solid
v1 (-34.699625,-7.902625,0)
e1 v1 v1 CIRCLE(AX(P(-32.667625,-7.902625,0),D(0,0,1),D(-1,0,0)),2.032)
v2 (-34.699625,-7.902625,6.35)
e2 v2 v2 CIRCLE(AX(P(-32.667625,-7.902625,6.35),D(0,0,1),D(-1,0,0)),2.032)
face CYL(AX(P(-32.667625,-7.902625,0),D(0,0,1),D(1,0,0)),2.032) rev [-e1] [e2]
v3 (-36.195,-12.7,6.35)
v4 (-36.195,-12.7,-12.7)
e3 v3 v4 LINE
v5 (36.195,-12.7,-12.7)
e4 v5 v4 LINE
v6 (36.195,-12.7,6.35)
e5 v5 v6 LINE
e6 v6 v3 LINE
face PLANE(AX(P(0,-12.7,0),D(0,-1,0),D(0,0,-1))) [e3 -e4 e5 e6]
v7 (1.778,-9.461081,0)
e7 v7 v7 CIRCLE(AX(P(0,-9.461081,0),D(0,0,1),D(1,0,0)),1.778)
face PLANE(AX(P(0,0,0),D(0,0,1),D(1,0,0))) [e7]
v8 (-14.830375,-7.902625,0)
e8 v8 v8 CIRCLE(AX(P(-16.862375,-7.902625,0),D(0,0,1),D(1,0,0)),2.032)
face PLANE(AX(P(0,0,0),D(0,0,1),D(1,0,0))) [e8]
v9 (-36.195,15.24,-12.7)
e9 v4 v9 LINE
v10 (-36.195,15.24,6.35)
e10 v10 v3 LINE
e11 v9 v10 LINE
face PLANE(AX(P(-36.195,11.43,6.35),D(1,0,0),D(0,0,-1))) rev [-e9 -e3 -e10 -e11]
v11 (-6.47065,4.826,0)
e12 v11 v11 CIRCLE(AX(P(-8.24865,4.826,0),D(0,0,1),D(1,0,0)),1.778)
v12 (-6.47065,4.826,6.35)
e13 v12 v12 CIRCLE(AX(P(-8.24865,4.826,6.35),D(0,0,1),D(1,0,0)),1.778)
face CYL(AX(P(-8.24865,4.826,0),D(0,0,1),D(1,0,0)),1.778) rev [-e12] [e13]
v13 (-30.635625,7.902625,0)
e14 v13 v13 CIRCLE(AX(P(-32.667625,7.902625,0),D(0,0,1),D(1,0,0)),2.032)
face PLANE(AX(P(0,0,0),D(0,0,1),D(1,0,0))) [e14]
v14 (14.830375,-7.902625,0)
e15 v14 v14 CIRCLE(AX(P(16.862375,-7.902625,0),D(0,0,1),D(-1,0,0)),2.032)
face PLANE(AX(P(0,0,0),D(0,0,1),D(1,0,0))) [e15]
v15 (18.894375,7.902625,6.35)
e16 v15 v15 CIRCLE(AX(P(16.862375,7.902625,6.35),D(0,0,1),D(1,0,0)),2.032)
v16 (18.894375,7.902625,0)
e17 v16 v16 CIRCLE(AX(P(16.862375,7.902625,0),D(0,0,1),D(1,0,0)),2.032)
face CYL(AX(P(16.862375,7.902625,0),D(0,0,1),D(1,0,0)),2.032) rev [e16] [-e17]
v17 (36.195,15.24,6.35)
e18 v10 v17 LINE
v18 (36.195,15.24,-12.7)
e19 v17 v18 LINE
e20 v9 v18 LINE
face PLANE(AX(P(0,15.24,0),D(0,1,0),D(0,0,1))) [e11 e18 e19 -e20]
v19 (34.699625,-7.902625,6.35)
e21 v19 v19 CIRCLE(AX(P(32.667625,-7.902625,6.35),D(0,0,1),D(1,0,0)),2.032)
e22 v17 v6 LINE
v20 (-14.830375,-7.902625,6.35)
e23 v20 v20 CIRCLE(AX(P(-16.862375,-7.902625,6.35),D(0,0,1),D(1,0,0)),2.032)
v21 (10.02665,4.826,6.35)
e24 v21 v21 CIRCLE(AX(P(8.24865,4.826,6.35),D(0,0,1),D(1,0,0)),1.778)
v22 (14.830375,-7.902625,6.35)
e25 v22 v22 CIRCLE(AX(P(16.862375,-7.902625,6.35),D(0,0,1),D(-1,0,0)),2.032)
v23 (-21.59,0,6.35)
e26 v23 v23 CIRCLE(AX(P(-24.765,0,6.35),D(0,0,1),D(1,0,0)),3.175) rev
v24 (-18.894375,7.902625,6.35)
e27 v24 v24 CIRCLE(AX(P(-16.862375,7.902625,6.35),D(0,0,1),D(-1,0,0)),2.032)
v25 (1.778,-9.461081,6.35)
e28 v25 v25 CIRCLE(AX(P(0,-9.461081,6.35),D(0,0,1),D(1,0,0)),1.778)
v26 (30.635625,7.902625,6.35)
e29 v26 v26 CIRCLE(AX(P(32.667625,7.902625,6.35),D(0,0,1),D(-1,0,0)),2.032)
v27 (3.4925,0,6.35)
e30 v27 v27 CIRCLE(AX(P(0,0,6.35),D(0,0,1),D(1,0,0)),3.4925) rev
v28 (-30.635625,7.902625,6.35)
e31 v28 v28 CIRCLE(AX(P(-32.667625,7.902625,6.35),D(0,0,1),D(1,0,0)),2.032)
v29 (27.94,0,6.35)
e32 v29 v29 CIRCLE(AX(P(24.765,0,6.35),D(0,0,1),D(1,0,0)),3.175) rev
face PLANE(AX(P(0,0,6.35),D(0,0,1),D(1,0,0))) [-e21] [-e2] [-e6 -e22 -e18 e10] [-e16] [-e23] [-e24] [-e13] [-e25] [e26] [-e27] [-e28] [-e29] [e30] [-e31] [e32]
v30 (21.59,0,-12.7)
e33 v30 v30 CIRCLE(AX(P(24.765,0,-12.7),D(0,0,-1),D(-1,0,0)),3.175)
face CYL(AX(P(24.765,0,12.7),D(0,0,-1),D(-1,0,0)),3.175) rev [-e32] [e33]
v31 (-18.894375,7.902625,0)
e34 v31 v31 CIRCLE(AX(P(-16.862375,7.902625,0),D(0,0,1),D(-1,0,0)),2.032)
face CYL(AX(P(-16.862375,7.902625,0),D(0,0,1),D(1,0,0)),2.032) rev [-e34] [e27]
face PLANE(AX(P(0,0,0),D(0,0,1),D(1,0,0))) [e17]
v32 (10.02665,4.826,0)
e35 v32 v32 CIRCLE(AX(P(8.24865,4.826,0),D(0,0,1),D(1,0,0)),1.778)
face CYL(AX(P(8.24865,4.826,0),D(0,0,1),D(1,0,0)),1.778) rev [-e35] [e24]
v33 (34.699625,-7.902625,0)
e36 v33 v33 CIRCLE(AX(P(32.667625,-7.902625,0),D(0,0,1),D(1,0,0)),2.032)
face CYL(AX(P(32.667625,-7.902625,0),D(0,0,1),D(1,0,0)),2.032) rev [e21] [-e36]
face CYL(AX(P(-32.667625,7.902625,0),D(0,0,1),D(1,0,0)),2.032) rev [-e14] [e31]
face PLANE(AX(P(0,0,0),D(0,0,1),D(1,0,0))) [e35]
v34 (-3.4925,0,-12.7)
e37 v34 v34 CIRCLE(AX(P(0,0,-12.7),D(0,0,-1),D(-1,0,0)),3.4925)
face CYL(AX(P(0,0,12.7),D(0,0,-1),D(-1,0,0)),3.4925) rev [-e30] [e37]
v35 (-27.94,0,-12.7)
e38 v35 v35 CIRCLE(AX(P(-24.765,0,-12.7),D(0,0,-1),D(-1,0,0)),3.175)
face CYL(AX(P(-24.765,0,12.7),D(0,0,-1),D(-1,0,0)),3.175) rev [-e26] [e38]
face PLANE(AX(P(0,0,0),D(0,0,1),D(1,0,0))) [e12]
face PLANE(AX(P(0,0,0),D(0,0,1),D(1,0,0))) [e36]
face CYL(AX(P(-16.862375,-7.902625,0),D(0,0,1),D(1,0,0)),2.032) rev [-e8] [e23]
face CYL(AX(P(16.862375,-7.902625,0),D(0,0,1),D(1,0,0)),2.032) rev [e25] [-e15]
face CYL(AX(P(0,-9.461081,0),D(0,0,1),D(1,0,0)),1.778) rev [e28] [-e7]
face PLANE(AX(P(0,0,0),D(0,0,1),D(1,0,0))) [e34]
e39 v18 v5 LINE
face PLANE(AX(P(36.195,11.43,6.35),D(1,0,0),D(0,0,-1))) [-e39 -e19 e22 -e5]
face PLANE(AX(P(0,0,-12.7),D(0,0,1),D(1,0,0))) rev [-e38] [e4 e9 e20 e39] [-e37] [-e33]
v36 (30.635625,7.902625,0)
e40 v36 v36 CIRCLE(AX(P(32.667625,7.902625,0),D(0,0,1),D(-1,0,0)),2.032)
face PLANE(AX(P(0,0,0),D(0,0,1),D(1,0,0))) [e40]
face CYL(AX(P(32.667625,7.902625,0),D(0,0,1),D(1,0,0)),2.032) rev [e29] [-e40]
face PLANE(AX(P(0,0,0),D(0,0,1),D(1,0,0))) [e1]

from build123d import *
from build123d.topology import SkipClean

# Parameters (mm, degrees)
SKETCH1_W           = 72.39
SKETCH1_H           = 22.86
BOSS_EXTRUDE1_DEPTH = 6.35
SKETCH1_3_R         = 3.4925
SKETCH1_3_R_2       = 3.175
CUT_EXTRUDE3_DEPTH  = 12.7
SKETCH2_R           = 2.032
CUT_EXTRUDE4_DEPTH  = 39.484352989
SKETCH3_R           = 1.778
CUT_EXTRUDE5_DEPTH  = 39.484352989
SKETCH4_W           = 72.39
SKETCH4_H           = 6.35
BOSS_EXTRUDE2_DEPTH = 1.27
SKETCH5_W           = 72.39
SKETCH5_H           = 6.35
BOSS_EXTRUDE3_DEPTH = 3.81
BOSS_EXTRUDE4_START = 12.7
SKETCH7_W           = 72.39
SKETCH7_H           = 27.94
SKETCH7_R           = 3.175
SKETCH7_R_2         = 3.4925
BOSS_EXTRUDE4_DEPTH = 12.7


with BuildPart() as part:
    # Sketch1 → Boss-Extrude1 (new body)
    with BuildSketch(Plane.XY):
        Rectangle(SKETCH1_W, SKETCH1_H)
    extrude(amount=BOSS_EXTRUDE1_DEPTH)

    # Sketch1<3> → Cut-Extrude3 (cut)
    with BuildSketch(Plane.XY):
        Circle(SKETCH1_3_R)
        with Locations((-24.765, 0)):
            Circle(SKETCH1_3_R_2)
        with Locations((24.765, 0)):
            Circle(SKETCH1_3_R_2)
    extrude(amount=CUT_EXTRUDE3_DEPTH, mode=Mode.SUBTRACT)

    # Sketch2 → Cut-Extrude4 (cut, through all)
    with BuildSketch(Plane.XY.offset(6.35)):
        with Locations((32.667625387, -7.902625387)):
            Circle(SKETCH2_R)
        with Locations((32.667625387, 7.902625387)):
            Circle(SKETCH2_R)
        with Locations((16.862374613, 7.902625387)):
            Circle(SKETCH2_R)
        with Locations((16.862374613, -7.902625387)):
            Circle(SKETCH2_R)
        with Locations((-16.862374613, 7.902625387)):
            Circle(SKETCH2_R)
        with Locations((-32.667625387, 7.902625387)):
            Circle(SKETCH2_R)
        with Locations((-16.862374613, -7.902625387)):
            Circle(SKETCH2_R)
        with Locations((-32.667625387, -7.902625387)):
            Circle(SKETCH2_R)
    extrude(amount=-CUT_EXTRUDE4_DEPTH, mode=Mode.SUBTRACT)

    # Sketch3 → Cut-Extrude5 (cut, through all)
    with BuildSketch(Plane.XY.offset(6.35)):
        with Locations((8.24865, 4.826)):
            Circle(SKETCH3_R)
        with Locations((-8.24865, 4.826)):
            Circle(SKETCH3_R)
        with Locations((0, -9.461080894)):
            Circle(SKETCH3_R)
    extrude(amount=-CUT_EXTRUDE5_DEPTH, mode=Mode.SUBTRACT)

    # Sketch4 → Boss-Extrude2 (add)
    with BuildSketch(Plane.XZ.offset(11.43)):
        with Locations((0, 3.175)):
            Rectangle(SKETCH4_W, SKETCH4_H)
    extrude(amount=BOSS_EXTRUDE2_DEPTH)

    # Sketch5 → Boss-Extrude3 (add)
    with BuildSketch(Plane(origin=(0, 11.43, 0), x_dir=(1, 0, 0), z_dir=(0, 1, 0))):
        with Locations((0, -3.175)):
            Rectangle(SKETCH5_W, SKETCH5_H)
    extrude(amount=BOSS_EXTRUDE3_DEPTH)

    # Sketch7 → Boss-Extrude4 (add)
    with SkipClean():  # the faces are left unmerged after this step: merging them gives an invalid solid
        with BuildSketch(Plane(origin=(0, 0, 0), x_dir=(-1, 0, 0), z_dir=(0, 0, -1)).offset(BOSS_EXTRUDE4_START)):
            with Locations((0, 1.27)):
                Rectangle(SKETCH7_W, SKETCH7_H)
            with Locations((-24.765, 0)):
                Circle(SKETCH7_R, mode=Mode.SUBTRACT)
            Circle(SKETCH7_R_2, mode=Mode.SUBTRACT)
            with Locations((24.765, 0)):
                Circle(SKETCH7_R, mode=Mode.SUBTRACT)
        extrude(amount=-BOSS_EXTRUDE4_DEPTH)


solid = part.part
